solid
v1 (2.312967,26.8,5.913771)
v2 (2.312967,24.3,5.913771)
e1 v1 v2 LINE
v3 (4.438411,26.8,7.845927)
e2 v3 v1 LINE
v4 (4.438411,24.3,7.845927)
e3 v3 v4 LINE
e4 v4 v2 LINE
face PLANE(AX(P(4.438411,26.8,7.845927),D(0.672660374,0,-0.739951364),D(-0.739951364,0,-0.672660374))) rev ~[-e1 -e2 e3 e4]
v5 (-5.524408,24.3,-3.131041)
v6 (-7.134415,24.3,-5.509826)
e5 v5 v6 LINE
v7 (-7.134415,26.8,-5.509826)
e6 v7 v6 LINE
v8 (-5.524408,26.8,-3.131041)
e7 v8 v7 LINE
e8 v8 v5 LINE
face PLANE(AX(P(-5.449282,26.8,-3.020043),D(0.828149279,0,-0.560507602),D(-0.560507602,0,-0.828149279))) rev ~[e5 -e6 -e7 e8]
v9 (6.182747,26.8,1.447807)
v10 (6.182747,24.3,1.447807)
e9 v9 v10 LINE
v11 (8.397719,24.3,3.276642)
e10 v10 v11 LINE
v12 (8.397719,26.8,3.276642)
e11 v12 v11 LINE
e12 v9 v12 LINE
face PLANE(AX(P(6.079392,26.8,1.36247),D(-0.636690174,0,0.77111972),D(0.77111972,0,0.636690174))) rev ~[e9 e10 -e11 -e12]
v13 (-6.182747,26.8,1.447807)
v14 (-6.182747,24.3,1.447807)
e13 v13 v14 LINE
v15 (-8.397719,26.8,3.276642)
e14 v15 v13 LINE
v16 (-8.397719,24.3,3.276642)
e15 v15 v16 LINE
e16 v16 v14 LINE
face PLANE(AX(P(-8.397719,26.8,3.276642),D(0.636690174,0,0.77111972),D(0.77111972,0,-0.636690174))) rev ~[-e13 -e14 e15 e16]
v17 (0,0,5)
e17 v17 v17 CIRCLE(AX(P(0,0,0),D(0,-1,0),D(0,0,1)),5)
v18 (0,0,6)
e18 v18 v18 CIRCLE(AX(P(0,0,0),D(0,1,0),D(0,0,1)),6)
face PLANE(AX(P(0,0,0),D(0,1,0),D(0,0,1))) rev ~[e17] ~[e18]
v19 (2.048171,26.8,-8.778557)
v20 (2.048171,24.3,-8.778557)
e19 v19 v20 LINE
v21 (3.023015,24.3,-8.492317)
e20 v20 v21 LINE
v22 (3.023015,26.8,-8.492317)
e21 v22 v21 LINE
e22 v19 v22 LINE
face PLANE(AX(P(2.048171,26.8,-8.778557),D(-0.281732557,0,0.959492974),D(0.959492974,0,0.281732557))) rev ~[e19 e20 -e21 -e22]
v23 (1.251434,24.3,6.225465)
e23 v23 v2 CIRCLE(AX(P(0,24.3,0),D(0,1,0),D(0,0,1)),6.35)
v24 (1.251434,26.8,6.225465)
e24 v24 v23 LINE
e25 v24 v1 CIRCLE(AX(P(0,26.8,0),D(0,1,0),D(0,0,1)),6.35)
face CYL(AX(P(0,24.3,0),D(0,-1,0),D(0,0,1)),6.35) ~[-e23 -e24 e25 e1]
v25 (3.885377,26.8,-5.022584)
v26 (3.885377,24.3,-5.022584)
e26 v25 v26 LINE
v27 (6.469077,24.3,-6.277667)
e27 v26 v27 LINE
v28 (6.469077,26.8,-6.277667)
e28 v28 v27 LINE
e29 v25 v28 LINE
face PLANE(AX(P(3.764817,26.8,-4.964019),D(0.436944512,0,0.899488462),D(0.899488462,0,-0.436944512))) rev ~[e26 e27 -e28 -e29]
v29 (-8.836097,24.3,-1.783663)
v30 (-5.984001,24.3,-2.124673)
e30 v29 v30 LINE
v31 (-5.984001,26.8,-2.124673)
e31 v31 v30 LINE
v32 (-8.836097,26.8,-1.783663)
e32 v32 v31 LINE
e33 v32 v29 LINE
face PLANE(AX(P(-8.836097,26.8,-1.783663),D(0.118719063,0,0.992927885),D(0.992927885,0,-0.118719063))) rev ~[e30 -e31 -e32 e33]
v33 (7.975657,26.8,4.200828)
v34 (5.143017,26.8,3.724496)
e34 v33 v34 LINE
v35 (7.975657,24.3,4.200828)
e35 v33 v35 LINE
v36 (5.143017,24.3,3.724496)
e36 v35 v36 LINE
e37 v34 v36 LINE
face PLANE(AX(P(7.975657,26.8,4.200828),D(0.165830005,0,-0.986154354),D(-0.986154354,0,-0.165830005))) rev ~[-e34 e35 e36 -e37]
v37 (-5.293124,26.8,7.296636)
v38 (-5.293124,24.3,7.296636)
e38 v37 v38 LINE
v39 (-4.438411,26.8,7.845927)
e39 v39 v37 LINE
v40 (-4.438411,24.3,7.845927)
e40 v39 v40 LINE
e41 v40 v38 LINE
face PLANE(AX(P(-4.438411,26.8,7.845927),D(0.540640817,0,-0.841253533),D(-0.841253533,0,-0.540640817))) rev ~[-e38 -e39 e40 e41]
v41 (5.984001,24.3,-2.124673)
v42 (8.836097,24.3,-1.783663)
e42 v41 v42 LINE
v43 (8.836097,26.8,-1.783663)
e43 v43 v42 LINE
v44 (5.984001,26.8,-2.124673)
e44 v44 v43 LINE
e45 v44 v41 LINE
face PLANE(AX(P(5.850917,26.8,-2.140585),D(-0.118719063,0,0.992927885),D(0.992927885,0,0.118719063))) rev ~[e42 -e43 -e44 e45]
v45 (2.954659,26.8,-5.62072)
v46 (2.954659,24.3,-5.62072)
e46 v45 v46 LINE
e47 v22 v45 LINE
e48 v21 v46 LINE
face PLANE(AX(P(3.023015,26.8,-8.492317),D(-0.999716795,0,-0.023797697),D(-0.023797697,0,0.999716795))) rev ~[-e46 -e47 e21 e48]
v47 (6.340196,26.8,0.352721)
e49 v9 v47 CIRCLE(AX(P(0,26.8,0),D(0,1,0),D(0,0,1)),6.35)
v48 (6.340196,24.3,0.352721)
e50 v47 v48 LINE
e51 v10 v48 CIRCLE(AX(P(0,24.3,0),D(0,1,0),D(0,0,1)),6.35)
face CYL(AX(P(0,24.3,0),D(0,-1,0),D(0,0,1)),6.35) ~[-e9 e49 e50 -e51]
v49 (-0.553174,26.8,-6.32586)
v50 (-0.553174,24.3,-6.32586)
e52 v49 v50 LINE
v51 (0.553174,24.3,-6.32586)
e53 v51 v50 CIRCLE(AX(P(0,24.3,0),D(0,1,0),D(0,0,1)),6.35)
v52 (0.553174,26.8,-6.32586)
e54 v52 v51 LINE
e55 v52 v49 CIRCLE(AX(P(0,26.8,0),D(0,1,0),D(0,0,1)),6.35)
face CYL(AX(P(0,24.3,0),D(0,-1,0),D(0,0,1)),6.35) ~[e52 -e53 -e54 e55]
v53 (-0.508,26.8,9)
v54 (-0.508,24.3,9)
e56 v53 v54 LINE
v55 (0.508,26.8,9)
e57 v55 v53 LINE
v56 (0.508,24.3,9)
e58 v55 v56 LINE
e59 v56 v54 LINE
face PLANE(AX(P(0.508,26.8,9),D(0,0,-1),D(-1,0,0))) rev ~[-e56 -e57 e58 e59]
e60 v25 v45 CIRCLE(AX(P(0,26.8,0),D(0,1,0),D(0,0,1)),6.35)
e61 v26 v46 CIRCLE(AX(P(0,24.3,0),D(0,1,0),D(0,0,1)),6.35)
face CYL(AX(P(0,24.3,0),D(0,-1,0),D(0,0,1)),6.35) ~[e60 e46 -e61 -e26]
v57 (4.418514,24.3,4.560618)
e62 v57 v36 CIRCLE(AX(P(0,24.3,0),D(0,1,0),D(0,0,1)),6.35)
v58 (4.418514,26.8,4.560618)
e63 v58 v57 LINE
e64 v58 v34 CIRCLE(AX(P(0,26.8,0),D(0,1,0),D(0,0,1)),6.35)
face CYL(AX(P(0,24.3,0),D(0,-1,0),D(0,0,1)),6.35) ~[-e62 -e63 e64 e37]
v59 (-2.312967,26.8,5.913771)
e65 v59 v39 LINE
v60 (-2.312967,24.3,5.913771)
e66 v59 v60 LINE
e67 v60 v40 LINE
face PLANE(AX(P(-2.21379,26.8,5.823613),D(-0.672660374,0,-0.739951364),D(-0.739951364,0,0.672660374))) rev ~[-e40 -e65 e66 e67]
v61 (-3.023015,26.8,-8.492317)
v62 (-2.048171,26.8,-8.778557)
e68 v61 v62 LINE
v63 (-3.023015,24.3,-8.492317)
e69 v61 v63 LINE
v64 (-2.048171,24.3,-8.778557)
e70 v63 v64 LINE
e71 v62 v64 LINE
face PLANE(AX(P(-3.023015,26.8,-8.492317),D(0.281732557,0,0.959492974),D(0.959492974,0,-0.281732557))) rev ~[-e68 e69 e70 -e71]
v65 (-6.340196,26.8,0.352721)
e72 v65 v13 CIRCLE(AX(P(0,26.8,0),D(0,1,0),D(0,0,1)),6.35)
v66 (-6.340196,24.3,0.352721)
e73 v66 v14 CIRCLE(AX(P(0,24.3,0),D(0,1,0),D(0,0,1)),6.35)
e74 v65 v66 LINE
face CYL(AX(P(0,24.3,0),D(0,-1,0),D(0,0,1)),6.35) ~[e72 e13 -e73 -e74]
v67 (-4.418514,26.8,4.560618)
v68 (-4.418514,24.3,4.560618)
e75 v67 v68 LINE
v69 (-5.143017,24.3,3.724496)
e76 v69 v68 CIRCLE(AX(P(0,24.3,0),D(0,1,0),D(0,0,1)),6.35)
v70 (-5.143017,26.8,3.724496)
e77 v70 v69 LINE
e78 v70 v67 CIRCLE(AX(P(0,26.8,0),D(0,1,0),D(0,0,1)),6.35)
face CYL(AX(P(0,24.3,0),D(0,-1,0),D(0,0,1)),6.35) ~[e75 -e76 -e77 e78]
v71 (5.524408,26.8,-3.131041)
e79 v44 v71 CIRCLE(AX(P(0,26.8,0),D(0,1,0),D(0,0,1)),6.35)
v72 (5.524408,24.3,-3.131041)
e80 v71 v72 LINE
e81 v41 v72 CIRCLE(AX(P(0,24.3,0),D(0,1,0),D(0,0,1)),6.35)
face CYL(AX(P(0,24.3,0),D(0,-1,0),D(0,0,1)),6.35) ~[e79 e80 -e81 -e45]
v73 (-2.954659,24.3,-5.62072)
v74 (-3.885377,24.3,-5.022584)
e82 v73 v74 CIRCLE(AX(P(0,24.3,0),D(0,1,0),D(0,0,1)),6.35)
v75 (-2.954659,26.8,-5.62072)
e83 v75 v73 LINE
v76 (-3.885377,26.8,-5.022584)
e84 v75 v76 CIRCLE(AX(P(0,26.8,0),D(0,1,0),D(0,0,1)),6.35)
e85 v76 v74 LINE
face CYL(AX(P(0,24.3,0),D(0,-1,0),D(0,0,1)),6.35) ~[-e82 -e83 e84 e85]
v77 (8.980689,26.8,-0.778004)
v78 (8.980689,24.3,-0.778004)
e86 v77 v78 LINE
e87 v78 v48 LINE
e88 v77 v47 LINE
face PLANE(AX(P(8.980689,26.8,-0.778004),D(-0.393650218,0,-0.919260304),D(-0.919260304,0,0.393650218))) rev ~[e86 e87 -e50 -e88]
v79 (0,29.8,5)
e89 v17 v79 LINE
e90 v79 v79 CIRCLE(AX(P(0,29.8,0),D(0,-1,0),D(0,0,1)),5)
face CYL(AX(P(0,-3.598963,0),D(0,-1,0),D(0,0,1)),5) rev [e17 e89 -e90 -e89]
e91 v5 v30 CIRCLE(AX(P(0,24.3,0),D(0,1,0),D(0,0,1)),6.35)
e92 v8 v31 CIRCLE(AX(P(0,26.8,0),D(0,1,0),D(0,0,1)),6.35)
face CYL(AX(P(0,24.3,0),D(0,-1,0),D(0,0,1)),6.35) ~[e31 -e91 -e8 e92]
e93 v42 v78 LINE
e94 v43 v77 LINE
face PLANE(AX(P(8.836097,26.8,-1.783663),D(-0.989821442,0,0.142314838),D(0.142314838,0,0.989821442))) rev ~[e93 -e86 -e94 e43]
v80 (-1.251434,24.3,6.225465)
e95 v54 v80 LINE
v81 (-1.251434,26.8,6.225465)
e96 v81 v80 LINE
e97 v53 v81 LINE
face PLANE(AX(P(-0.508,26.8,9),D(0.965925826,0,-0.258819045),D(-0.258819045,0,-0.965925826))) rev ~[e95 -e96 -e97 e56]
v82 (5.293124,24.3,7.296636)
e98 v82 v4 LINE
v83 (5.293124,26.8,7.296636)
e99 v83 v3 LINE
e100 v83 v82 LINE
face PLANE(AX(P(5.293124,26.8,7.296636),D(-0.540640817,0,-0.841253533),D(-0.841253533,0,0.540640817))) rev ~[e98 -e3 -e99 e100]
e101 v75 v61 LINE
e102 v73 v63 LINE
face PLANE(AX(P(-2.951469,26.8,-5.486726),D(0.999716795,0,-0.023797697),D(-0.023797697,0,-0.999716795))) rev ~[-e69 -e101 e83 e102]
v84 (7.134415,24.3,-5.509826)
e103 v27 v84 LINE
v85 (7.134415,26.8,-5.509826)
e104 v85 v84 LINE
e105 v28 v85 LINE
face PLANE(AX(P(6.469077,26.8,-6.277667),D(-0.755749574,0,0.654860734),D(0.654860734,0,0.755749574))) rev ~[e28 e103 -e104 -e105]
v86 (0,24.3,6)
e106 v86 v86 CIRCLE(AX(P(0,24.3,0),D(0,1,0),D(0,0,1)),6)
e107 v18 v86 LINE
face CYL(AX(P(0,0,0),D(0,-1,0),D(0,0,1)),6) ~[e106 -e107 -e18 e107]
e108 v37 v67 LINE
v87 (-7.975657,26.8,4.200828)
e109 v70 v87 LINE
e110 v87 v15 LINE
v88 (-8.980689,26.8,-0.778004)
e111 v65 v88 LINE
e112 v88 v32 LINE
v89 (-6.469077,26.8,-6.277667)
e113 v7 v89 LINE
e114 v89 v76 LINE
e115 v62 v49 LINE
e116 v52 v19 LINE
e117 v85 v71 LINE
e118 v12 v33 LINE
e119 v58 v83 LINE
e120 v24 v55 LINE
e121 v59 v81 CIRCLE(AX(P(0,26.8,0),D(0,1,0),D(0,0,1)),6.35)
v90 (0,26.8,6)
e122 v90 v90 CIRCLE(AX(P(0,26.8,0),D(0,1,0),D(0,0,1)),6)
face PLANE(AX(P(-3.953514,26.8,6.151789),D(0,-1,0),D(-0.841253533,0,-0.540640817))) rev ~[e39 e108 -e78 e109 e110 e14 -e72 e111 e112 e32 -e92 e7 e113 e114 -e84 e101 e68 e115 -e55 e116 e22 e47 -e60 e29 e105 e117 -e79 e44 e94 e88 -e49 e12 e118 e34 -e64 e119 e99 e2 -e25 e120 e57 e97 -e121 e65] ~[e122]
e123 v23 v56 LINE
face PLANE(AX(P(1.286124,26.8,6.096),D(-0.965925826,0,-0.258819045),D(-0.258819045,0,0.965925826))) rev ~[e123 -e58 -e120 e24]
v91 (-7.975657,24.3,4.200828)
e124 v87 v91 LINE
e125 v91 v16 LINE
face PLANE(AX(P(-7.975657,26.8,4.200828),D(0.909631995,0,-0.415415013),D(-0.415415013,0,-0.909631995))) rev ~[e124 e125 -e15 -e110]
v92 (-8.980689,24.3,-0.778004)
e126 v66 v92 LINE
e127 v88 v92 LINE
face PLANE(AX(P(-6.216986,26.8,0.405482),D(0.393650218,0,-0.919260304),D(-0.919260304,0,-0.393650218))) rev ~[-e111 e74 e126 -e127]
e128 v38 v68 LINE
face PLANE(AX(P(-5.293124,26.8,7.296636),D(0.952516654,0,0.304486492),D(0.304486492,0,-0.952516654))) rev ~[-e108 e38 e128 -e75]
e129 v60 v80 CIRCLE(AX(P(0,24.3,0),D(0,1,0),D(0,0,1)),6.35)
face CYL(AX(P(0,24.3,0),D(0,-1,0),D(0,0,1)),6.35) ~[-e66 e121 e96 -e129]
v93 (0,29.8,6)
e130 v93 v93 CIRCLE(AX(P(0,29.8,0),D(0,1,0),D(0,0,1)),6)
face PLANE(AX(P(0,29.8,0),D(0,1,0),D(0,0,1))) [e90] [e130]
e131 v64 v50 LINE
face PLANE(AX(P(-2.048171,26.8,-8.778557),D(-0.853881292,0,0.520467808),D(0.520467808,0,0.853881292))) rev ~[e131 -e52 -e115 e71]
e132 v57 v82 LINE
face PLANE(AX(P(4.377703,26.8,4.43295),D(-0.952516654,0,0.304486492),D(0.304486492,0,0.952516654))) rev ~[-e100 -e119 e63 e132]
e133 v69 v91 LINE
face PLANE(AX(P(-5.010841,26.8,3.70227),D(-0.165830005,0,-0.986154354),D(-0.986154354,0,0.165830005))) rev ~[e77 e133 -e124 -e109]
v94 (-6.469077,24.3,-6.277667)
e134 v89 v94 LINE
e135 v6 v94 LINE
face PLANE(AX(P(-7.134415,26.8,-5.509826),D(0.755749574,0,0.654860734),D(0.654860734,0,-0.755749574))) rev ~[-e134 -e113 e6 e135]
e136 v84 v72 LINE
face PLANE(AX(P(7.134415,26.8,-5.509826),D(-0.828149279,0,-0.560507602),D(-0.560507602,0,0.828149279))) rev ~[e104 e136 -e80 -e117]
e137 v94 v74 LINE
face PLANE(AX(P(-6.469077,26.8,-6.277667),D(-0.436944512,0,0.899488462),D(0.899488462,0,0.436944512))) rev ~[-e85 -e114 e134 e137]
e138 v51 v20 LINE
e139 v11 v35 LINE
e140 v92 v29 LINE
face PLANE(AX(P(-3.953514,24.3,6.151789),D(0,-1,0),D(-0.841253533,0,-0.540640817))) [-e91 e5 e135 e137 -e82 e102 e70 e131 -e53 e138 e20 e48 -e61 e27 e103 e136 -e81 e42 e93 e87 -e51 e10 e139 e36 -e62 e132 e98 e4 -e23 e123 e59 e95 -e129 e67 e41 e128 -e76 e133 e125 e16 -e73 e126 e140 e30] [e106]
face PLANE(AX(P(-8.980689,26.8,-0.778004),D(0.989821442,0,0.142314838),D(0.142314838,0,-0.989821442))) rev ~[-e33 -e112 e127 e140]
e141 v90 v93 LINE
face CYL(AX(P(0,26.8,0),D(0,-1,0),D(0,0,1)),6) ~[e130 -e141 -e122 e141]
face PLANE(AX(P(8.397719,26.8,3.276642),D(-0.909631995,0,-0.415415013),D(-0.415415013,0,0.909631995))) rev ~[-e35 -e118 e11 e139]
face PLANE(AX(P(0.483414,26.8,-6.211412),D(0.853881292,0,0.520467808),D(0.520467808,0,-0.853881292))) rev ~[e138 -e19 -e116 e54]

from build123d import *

# Parameters (mm, degrees)
SKETCH1_R               = 6
BOSS_EXTRUDE1_DEPTH     = 24.3
SKETCH8_R               = 6.35
BOSS_EXTRUDE5_DEPTH     = 2.5
BOSS_EXTRUDE6_DEPTH     = 2.5
CIRPATTERN1_COUNT       = 11
SKETCH10_R              = 6
BOSS_EXTRUDE7_DEPTH     = 3
CUT_EXTRUDE3_DEPTH      = 33.398962536
CUT_EXTRUDE3_DEPTH_BACK = 33.398962536
SKETCH11_R              = 5


with BuildPart() as part:
    # Sketch1 → Boss-Extrude1 (new body)
    with BuildSketch(Plane(origin=(0, 0, 0), x_dir=(1, 0, 0), z_dir=(0, 1, 0))):
        with Locations(Location((0, 0, 0), (0, 0, 270))):
            Circle(SKETCH1_R)
    extrude(amount=BOSS_EXTRUDE1_DEPTH)

    # Sketch8 → Boss-Extrude5 (add)
    with BuildSketch(Plane(origin=(0, 24.3, 0), x_dir=(-1, 0, 0), z_dir=(0, 1, 0))):
        with Locations(Location((0, 0, 0), (0, 0, 90))):
            Circle(SKETCH8_R)
    extrude(amount=BOSS_EXTRUDE5_DEPTH)

    # Sketch9 → Boss-Extrude6 (add)
    with BuildSketch(Plane(origin=(0, 26.8, 0), x_dir=(1, 0, 0), z_dir=(0, 1, 0))):
        Polygon((0.508, -9), (-0.508, -9), (-1.286124455, -6.096), (1.286124455, -6.096), align=None)
    boss_extrude6 = extrude(amount=-BOSS_EXTRUDE6_DEPTH)

    # CirPattern1: Boss-Extrude6 ×11 about axis
    cirpattern1_axis = Axis((0, 0, 0), (0, 1, 0))
    for i in range(1, CIRPATTERN1_COUNT):
        add(boss_extrude6.rotate(cirpattern1_axis, i * 360 / CIRPATTERN1_COUNT))

    # Sketch10 → Boss-Extrude7 (add)
    with BuildSketch(Plane(origin=(0, 26.8, 0), x_dir=(1, 0, 0), z_dir=(0, 1, 0))):
        with Locations(Location((0, 0, 0), (0, 0, 270))):
            Circle(SKETCH10_R)
    extrude(amount=BOSS_EXTRUDE7_DEPTH)

    # Sketch11 → Cut-Extrude3 (cut, two sides: drawn at the far end of the back side and taken through both)
    with BuildSketch(Plane(origin=(0, 29.8, 0), x_dir=(-1, 0, 0), z_dir=(0, 1, 0)).offset(-CUT_EXTRUDE3_DEPTH_BACK)):
        with Locations(Location((0, 0, 0), (0, 0, 90))):
            Circle(SKETCH11_R)
    extrude(amount=CUT_EXTRUDE3_DEPTH + CUT_EXTRUDE3_DEPTH_BACK, mode=Mode.SUBTRACT)


solid = part.part
